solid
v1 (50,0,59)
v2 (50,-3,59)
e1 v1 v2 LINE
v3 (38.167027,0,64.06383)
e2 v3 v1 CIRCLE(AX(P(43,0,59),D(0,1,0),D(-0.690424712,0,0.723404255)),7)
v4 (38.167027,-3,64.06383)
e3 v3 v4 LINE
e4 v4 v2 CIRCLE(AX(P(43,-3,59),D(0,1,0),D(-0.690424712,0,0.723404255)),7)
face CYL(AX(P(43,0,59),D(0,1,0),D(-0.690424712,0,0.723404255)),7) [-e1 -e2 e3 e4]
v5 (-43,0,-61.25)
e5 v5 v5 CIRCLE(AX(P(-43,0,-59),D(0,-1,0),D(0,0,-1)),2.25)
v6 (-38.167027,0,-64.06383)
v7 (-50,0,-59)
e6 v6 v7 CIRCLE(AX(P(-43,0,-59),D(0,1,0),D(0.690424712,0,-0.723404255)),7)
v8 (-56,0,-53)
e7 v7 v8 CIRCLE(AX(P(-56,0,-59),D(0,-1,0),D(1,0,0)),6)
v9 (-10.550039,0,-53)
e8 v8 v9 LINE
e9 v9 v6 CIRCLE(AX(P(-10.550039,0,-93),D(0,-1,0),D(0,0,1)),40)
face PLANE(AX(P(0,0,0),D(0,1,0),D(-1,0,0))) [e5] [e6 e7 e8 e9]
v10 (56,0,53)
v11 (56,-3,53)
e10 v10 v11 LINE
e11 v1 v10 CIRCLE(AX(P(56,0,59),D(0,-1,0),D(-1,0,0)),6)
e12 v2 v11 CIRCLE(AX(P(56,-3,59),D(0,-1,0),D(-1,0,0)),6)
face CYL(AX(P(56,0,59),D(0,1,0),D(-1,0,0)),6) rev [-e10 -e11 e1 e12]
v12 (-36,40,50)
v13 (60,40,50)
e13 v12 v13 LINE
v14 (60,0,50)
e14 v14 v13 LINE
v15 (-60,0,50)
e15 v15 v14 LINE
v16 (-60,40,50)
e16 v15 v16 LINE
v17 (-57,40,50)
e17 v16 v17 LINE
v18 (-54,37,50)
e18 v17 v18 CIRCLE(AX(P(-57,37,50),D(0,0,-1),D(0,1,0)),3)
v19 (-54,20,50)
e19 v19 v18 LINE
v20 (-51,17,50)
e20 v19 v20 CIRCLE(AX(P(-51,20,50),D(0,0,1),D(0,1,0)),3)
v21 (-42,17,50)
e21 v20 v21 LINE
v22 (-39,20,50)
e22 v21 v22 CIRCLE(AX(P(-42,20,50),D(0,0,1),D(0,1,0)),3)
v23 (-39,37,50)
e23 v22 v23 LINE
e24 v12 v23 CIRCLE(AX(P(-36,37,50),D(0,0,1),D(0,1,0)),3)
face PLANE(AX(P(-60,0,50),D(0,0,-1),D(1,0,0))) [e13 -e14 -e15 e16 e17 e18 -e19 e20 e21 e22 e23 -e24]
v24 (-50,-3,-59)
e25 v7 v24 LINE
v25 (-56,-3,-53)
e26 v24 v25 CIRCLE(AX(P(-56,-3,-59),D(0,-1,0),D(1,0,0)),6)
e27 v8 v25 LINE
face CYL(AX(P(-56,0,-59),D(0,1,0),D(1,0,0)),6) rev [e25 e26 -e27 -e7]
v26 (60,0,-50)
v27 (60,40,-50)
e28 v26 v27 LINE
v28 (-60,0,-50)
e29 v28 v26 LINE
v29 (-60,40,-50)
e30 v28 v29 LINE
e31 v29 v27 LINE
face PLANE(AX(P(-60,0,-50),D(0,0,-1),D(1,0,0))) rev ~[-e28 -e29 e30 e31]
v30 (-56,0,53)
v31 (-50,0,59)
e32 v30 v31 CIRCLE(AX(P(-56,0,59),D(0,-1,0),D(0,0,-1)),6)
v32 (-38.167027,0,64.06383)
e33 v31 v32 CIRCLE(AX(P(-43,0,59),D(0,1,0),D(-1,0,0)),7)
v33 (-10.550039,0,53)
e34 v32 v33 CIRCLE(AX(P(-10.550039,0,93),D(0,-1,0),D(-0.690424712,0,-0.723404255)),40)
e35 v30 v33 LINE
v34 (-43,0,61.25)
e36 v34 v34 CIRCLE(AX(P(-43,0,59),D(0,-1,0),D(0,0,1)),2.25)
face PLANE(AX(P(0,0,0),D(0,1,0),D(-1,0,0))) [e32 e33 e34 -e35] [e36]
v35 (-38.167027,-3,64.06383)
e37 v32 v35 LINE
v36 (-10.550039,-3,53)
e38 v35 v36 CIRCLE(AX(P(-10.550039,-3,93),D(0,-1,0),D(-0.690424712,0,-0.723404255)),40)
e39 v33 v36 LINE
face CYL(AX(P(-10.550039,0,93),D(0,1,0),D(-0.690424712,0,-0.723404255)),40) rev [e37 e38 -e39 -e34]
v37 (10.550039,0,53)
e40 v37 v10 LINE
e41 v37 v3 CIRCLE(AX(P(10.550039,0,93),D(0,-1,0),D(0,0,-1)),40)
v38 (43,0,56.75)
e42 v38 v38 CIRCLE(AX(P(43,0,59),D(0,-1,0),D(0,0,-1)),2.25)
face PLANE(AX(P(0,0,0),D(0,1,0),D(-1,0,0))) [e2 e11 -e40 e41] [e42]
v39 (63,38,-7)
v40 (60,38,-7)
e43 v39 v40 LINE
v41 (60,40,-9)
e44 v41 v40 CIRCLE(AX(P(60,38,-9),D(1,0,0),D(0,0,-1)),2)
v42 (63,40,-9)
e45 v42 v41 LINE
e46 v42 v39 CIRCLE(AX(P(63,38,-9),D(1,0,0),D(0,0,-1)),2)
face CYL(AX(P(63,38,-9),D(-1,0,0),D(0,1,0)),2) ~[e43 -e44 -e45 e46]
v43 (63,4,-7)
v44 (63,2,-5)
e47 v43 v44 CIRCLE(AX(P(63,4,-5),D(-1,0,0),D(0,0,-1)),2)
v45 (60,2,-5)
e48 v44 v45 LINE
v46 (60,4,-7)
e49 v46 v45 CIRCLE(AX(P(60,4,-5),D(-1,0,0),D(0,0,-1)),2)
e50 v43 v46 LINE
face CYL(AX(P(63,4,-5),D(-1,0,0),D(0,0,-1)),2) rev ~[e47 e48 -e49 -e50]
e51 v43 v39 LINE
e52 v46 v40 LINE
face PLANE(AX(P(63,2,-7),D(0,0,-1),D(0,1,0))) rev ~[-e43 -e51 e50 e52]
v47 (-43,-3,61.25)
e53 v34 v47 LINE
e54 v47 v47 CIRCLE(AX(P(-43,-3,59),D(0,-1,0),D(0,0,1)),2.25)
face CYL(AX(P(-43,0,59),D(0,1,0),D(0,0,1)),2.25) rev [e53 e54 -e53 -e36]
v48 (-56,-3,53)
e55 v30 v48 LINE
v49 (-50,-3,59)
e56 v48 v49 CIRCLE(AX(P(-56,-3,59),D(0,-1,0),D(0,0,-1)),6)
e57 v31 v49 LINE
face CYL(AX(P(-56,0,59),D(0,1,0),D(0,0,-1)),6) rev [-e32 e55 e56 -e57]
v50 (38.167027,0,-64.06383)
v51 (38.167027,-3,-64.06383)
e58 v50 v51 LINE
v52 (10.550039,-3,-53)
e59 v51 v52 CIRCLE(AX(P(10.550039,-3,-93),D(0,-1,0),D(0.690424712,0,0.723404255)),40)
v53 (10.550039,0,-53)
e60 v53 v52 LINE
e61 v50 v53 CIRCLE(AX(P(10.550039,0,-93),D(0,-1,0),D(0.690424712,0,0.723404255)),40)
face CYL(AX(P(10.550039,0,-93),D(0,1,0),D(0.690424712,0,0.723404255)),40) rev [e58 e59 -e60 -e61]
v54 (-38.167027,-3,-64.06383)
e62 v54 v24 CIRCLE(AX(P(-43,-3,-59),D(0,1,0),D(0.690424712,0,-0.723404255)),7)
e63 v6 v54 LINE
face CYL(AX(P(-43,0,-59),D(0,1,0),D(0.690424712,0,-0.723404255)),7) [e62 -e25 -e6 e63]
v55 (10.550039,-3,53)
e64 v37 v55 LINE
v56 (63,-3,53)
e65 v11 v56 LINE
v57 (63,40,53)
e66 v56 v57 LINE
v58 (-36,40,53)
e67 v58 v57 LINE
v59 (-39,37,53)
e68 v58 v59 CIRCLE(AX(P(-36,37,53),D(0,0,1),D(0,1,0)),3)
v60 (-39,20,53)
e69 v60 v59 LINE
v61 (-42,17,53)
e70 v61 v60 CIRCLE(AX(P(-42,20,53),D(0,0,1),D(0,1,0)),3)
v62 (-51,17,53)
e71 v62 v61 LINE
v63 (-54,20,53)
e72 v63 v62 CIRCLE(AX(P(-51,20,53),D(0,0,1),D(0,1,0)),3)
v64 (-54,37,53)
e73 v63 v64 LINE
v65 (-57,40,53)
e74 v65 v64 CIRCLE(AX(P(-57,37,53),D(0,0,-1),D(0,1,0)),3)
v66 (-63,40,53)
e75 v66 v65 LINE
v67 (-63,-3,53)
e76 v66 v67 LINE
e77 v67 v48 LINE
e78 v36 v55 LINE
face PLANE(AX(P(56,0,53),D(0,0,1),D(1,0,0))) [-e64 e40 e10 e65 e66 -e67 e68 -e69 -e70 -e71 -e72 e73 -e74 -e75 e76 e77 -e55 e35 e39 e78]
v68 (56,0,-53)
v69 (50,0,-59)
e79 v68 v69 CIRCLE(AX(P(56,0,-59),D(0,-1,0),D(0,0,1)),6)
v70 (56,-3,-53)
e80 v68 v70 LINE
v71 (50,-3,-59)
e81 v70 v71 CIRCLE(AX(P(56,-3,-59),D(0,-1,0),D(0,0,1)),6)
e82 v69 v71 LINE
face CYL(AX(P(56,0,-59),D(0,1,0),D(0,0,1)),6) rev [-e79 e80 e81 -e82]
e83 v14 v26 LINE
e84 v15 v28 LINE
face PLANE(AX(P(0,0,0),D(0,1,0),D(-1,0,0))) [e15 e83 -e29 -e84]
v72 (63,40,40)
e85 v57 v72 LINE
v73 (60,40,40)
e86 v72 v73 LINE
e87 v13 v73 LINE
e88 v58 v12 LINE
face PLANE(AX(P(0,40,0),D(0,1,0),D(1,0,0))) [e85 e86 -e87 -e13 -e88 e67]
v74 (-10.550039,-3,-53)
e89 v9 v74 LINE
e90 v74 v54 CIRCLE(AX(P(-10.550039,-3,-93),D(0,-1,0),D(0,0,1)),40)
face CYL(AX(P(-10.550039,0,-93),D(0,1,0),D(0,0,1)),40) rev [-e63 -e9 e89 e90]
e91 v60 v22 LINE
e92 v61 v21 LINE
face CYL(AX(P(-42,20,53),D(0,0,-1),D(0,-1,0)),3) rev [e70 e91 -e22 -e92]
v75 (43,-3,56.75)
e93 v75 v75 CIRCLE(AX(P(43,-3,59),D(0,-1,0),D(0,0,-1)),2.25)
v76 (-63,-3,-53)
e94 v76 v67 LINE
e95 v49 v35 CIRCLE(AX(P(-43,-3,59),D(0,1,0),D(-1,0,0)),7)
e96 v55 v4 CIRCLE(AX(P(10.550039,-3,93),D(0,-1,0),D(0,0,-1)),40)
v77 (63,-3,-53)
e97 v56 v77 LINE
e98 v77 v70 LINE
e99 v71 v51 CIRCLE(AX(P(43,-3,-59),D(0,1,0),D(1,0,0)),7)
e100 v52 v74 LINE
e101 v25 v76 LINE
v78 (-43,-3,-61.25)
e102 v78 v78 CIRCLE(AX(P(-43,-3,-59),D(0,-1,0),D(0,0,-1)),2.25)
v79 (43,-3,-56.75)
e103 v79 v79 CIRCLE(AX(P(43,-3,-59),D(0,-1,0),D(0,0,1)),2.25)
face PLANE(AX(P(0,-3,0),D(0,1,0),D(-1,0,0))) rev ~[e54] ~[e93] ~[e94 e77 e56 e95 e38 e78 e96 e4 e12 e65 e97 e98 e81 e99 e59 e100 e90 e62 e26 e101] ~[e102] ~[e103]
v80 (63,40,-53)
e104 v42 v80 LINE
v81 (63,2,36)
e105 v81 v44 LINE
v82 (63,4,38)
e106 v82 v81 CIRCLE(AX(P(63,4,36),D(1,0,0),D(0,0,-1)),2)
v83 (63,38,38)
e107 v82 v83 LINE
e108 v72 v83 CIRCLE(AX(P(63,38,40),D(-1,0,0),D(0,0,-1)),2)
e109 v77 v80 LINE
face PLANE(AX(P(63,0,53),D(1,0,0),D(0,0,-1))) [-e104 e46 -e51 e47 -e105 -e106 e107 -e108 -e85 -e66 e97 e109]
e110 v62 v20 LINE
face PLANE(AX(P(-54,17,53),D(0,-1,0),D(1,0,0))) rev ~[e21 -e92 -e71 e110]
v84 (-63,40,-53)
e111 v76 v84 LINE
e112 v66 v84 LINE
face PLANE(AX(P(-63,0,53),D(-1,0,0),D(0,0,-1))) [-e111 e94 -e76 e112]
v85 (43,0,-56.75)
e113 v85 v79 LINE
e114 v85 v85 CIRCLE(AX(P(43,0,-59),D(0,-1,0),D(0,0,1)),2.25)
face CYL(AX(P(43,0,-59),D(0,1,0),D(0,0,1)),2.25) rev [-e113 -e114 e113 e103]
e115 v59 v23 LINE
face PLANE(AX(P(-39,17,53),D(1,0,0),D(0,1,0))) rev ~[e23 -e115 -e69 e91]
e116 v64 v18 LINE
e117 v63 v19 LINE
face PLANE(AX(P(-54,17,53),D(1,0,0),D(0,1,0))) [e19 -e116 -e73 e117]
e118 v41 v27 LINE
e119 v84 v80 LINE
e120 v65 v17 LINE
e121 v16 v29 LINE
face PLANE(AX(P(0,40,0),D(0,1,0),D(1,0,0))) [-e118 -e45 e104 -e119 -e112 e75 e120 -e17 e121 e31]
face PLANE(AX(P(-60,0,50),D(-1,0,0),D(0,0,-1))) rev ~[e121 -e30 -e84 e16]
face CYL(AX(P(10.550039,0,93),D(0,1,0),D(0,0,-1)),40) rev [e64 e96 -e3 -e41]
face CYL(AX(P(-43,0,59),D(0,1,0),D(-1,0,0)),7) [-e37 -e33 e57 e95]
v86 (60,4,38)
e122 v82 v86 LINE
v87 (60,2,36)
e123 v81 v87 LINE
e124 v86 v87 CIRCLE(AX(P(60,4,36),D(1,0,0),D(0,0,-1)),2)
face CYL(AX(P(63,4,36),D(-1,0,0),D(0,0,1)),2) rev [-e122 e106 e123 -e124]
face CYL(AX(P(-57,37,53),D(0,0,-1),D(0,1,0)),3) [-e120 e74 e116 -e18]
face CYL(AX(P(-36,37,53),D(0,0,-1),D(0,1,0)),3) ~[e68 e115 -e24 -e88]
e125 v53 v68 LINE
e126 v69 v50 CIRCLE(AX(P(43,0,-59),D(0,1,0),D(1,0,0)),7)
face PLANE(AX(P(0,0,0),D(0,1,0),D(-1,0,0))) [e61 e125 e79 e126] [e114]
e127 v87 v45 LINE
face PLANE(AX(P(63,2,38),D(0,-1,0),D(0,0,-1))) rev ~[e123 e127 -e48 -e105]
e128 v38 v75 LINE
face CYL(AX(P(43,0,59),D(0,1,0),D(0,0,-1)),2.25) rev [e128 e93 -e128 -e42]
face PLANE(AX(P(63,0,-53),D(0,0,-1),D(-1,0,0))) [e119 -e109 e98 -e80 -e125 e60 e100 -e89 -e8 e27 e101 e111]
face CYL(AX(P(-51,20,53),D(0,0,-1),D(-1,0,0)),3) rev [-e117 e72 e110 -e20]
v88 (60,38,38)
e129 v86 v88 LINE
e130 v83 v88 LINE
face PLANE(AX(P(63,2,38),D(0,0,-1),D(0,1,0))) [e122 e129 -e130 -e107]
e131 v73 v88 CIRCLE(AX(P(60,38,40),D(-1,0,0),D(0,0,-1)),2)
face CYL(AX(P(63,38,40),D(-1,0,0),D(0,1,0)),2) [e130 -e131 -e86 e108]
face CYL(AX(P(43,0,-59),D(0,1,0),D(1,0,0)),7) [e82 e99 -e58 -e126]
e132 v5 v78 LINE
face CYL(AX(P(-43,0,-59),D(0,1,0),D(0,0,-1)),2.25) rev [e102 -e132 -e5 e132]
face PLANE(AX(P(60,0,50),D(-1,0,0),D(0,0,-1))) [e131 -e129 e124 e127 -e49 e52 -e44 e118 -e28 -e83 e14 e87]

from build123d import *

# Parameters (mm, degrees)
SKETCH1_W           = 126
SKETCH1_H           = 106
SKETCH1_W_2         = 120
SKETCH1_H_2         = 100
BOSS_EXTRUDE1_DEPTH = 40
SKETCH2_R           = 2.25
BOSS_EXTRUDE2_DEPTH = 3
SKETCH3_W           = 15
SKETCH3_H           = 23
CUT_EXTRUDE1_DEPTH  = 3
FILLET1_R           = 3
SKETCH4_W           = 45
SKETCH4_H           = 38
CUT_EXTRUDE2_DEPTH  = 3
FILLET2_R           = 2


with BuildPart() as part:
    # Sketch1 → Boss-Extrude1 (new body)
    with BuildSketch(Plane(origin=(0, 0, 0), x_dir=(1, 0, 0), z_dir=(0, 1, 0))):
        Rectangle(SKETCH1_W, SKETCH1_H)
        Rectangle(SKETCH1_W_2, SKETCH1_H_2, mode=Mode.SUBTRACT)
    extrude(amount=BOSS_EXTRUDE1_DEPTH)

    # Sketch2 → Boss-Extrude2 (add)
    with BuildSketch(Plane.XZ):
        with BuildLine():
            Line((56, 53), (63, 53))
            Line((63, 53), (63, -53))
            Line((63, -53), (56, -53))
            ThreePointArc((56, -53), (51.757359313, -54.757359313), (50, -59))
            ThreePointArc((50, -59), (45.754014261, -65.435480204), (38.167027014, -64.063829787))
            ThreePointArc((38.167027014, -64.063829787), (25.425407281, -55.868835135), (10.550038521, -53))
            Line((10.550038521, -53), (-10.550038521, -53))
            ThreePointArc((-10.550038521, -53), (-25.425407281, -55.868835135), (-38.167027014, -64.063829787))
            ThreePointArc((-38.167027014, -64.063829787), (-45.754014261, -65.435480204), (-50, -59))
            ThreePointArc((-50, -59), (-51.757359313, -54.757359313), (-56, -53))
            Line((-56, -53), (-63, -53))
            Line((-63, -53), (-63, 53))
            Line((-63, 53), (-56, 53))
            ThreePointArc((-56, 53), (-51.757359313, 54.757359313), (-50, 59))
            ThreePointArc((-50, 59), (-45.754014261, 65.435480204), (-38.167027014, 64.063829787))
            ThreePointArc((-38.167027014, 64.063829787), (-25.425407281, 55.868835135), (-10.550038521, 53))
            Line((-10.550038521, 53), (10.550038521, 53))
            ThreePointArc((10.550038521, 53), (25.425407281, 55.868835135), (38.167027014, 64.063829787))
            ThreePointArc((38.167027014, 64.063829787), (45.754014261, 65.435480204), (50, 59))
            ThreePointArc((50, 59), (51.757359313, 54.757359313), (56, 53))
        make_face()
        with Locations(Location((43, 59, 0), (0, 0, 270))):
            Circle(SKETCH2_R, mode=Mode.SUBTRACT)
        with Locations(Location((43, -59, 0), (0, 0, 90))):
            Circle(SKETCH2_R, mode=Mode.SUBTRACT)
        with Locations(Location((-43, -59, 0), (0, 0, 270))):
            Circle(SKETCH2_R, mode=Mode.SUBTRACT)
        with Locations(Location((-43, 59, 0), (0, 0, 90))):
            Circle(SKETCH2_R, mode=Mode.SUBTRACT)
    extrude(amount=BOSS_EXTRUDE2_DEPTH)

    # Sketch3 → Cut-Extrude1 (cut)
    with BuildSketch(Plane.XY.offset(53)):
        with Locations((-46.5, 28.5)):
            Rectangle(SKETCH3_W, SKETCH3_H)
    extrude(amount=-CUT_EXTRUDE1_DEPTH, mode=Mode.SUBTRACT)

    # Fillet1
    fillet1_edges = [part.edges().sort_by_distance(p)[0] for p in [
        (-54, 17, 51.5),
        (-54, 40, 51.5),
        (-39, 40, 51.5),
        (-39, 17, 51.5),
    ]]
    fillet(fillet1_edges, radius=FILLET1_R)

    # Sketch4 → Cut-Extrude2 (cut)
    with BuildSketch(Plane(origin=(63, 0, 0), x_dir=(0, 0, -1), z_dir=(1, 0, 0))):
        with Locations((-15.5, 21)):
            Rectangle(SKETCH4_W, SKETCH4_H)
    extrude(amount=-CUT_EXTRUDE2_DEPTH, mode=Mode.SUBTRACT)

    # Fillet2
    fillet2_edges = [part.edges().sort_by_distance(p)[0] for p in [
        (61.5, 2, 38),
        (61.5, 40, 38),
        (61.5, 40, -7),
        (61.5, 2, -7),
    ]]
    fillet(fillet2_edges, radius=FILLET2_R)


solid = part.part
